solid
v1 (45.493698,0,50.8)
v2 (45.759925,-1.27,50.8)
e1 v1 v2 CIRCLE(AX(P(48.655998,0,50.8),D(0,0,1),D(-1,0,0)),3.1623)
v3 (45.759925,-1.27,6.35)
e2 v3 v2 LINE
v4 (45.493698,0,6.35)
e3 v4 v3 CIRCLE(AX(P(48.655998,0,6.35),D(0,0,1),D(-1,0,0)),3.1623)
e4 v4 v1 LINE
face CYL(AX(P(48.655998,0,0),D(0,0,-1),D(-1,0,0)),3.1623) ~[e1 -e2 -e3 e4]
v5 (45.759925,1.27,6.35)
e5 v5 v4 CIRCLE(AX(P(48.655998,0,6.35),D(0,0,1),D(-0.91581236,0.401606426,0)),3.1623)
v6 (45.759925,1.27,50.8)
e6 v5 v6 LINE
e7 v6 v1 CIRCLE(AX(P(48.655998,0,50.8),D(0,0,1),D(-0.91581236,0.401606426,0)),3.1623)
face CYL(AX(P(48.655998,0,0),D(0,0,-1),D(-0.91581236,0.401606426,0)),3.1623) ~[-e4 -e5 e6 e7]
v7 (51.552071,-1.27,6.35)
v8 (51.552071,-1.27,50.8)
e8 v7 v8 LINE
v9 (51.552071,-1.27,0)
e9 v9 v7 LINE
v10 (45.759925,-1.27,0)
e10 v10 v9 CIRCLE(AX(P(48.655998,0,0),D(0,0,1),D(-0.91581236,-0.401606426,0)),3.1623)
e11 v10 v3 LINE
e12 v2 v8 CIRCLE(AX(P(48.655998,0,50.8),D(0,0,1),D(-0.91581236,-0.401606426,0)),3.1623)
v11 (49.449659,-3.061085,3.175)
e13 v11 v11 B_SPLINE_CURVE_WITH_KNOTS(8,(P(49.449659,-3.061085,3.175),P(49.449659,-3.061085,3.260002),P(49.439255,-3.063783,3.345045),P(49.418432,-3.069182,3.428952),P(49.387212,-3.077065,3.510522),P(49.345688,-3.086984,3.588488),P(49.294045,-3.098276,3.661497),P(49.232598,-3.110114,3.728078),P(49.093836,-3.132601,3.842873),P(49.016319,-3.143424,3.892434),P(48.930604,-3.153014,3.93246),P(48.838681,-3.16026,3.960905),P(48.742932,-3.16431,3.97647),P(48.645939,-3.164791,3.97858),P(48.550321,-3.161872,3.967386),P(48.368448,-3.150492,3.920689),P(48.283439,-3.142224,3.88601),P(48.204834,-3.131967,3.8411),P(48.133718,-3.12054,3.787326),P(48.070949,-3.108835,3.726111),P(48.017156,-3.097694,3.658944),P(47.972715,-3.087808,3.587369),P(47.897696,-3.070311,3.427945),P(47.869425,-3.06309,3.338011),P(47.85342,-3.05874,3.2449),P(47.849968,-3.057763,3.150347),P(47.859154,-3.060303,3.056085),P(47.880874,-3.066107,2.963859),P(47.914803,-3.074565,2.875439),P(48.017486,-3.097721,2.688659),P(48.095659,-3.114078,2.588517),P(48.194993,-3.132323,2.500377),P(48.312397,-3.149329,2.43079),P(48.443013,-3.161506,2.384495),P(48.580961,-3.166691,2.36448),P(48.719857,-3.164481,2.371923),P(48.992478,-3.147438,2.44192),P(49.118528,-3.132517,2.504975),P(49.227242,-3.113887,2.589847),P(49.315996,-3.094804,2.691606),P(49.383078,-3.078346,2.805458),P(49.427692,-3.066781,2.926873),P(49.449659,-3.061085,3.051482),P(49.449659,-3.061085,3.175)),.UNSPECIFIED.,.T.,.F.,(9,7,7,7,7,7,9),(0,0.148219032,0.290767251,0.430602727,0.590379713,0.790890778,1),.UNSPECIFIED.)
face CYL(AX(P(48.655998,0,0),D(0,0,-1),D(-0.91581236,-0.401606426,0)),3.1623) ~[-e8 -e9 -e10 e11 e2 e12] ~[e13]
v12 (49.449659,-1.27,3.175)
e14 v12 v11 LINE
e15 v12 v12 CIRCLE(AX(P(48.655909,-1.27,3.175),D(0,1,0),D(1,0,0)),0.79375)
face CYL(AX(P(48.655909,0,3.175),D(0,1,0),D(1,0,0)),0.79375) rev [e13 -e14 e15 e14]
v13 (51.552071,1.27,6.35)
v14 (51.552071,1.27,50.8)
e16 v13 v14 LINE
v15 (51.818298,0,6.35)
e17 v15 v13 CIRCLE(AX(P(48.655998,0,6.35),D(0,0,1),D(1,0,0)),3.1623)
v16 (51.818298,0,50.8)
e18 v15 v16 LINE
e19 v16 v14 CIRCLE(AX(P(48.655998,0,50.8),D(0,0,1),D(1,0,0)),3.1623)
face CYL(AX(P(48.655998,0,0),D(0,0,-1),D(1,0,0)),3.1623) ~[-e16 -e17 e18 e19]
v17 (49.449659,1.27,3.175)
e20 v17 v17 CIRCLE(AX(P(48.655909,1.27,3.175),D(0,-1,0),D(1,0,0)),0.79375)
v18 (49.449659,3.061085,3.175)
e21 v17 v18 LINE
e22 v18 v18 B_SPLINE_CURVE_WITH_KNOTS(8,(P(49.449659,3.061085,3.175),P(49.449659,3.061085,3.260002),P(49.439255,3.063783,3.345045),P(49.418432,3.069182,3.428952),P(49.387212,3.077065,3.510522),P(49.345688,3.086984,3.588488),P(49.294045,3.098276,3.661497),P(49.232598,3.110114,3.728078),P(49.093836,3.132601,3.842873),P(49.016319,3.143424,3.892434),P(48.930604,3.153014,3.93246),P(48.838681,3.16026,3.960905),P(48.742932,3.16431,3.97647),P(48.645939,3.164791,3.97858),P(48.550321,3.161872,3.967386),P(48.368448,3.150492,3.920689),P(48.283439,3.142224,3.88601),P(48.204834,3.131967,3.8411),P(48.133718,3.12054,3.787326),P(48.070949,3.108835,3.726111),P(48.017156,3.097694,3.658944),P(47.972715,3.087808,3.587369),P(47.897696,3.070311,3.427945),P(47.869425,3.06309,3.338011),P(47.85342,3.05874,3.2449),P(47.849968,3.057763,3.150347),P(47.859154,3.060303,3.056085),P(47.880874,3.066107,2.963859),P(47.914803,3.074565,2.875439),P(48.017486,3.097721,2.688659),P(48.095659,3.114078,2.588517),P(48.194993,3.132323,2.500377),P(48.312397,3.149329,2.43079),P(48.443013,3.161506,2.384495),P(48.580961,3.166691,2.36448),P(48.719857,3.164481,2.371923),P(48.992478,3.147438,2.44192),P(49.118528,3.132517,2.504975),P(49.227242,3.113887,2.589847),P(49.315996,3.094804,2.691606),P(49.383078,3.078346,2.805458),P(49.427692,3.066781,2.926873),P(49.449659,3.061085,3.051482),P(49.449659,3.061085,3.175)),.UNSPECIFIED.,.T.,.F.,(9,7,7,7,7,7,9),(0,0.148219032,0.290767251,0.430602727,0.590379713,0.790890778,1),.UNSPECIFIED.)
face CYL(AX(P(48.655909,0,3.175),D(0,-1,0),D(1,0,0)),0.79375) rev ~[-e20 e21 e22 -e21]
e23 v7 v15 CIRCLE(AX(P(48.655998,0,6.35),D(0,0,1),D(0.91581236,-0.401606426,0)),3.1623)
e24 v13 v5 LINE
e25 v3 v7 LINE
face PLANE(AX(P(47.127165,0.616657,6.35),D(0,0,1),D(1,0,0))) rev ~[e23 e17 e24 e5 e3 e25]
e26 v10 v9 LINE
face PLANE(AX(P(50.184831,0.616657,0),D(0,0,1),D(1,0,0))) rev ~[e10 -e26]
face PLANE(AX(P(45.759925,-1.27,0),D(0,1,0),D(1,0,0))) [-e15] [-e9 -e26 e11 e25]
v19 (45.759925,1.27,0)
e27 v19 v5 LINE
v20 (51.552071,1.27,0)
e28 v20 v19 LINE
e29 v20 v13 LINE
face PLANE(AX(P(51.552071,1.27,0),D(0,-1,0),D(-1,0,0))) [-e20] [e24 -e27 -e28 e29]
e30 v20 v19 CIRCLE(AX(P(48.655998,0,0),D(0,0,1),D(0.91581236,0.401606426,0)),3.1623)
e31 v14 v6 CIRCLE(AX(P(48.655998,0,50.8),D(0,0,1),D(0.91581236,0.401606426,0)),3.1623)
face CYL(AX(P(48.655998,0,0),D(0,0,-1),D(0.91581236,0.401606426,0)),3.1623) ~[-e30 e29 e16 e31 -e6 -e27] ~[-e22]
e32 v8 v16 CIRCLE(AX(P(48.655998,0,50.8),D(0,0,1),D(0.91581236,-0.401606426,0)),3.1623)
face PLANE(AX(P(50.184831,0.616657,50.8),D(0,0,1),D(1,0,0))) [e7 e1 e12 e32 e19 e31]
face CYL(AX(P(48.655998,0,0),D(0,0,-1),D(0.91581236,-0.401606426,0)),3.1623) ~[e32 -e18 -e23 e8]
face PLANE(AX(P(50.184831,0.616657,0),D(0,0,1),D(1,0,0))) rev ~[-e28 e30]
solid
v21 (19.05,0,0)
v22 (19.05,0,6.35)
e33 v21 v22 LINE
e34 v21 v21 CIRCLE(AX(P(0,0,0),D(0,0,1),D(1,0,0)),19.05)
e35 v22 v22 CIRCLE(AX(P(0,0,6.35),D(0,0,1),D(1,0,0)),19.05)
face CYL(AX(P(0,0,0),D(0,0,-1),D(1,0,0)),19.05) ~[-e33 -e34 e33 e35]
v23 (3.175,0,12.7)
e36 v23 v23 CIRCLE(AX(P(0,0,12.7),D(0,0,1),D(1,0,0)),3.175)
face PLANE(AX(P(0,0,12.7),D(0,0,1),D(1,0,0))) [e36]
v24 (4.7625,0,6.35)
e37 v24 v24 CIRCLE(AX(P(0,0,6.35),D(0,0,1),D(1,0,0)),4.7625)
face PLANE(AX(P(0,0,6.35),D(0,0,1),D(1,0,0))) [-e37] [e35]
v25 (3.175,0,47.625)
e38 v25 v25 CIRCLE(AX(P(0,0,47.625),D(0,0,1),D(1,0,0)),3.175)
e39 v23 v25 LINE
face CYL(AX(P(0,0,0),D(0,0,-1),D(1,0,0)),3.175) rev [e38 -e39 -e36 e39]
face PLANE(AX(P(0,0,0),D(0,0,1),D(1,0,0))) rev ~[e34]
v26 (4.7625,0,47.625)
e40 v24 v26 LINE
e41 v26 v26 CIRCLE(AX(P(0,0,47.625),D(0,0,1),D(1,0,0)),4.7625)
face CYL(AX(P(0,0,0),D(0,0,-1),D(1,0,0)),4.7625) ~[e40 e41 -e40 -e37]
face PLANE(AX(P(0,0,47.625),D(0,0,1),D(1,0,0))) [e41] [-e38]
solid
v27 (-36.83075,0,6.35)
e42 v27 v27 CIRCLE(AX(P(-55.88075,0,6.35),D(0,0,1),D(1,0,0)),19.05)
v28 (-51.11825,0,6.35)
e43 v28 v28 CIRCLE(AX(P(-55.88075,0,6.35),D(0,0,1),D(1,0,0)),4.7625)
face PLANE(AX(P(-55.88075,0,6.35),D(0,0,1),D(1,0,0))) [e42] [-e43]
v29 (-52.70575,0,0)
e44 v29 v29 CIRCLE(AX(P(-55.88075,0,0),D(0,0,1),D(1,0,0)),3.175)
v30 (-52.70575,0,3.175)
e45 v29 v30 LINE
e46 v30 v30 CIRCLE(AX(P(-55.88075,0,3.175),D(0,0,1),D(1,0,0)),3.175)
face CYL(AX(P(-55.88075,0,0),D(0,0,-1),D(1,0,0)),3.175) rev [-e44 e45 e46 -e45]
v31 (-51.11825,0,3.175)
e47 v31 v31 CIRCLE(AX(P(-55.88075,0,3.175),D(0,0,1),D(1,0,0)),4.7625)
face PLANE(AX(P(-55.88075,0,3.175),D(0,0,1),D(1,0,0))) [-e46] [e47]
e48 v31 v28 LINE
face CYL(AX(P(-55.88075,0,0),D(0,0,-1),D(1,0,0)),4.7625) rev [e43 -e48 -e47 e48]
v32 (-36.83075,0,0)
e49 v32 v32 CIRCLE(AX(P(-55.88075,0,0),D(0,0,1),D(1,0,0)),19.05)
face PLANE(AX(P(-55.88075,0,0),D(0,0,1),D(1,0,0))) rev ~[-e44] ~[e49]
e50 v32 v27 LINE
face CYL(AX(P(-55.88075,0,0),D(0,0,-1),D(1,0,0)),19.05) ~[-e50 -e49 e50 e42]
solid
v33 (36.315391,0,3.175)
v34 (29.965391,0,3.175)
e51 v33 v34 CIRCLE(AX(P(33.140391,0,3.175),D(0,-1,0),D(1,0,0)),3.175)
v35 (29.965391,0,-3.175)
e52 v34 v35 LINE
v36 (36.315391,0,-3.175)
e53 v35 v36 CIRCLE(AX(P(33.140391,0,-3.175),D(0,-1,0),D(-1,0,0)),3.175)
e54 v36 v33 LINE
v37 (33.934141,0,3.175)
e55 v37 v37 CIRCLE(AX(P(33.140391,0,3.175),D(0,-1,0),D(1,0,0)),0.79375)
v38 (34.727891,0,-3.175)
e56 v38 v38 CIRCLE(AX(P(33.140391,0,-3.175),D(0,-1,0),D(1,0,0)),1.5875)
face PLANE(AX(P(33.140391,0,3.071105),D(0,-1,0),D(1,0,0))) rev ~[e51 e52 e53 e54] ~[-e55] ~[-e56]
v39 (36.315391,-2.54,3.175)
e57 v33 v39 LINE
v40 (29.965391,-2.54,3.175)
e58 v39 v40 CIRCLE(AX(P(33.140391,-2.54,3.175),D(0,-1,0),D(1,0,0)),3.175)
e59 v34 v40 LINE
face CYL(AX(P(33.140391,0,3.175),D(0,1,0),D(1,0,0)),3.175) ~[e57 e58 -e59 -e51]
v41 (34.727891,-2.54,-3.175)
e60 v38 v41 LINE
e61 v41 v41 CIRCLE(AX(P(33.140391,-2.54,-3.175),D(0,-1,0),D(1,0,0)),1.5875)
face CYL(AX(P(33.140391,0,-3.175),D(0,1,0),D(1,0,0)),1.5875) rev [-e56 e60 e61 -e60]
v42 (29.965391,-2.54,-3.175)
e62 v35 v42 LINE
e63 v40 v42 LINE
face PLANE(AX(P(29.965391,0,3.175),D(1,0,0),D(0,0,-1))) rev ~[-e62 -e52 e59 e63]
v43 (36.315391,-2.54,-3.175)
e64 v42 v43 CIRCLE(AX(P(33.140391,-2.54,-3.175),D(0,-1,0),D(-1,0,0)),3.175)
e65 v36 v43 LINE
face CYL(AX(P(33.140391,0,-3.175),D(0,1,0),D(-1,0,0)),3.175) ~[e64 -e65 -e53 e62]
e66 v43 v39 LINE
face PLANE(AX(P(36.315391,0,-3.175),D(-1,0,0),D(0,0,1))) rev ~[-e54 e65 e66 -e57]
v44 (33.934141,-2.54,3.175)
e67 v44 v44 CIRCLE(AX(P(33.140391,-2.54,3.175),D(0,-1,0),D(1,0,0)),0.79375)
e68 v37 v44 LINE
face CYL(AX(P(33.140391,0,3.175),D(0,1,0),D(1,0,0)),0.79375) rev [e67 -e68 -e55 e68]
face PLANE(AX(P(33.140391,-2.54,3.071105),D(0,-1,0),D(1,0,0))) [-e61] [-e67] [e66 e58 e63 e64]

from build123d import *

# Parameters (mm, degrees)
F0_R           = 19.05
F0_R_2         = 4.7625
F1_DEPTH       = 6.35
F0_R_3         = 3.175
F2_DEPTH       = 12.7
F3_DEPTH       = 47.625
F4_R           = 19.05
F4_R_2         = 4.7625
F5_DEPTH       = 6.35
F4_R_3         = 3.175
F6_DEPTH       = 3.175
F8_DEPTH       = 50.8
F9_DEPTH       = 6.35
F10_R          = 0.79375
F11_DEPTH      = 3.175
F11_DEPTH_BACK = 3.175
F12_R          = 0.79375
F12_R_2        = 1.5875
F13_DEPTH      = 2.54


with BuildPart() as f1:
    # F0 (on Top) → F1 (new body)
    with BuildSketch(Plane.XY):
        Circle(F0_R)
        Circle(F0_R_2, mode=Mode.SUBTRACT)
    extrude(amount=F1_DEPTH)



with BuildPart() as f2:
    # F0 (on Top) → F2 (new body)
    with BuildSketch(Plane.XY):
        Circle(F0_R_3)
    extrude(amount=F2_DEPTH)


with BuildPart() as f1_1:
    add(f1.part)

    add(f2.part)  # F3 merges F2
    # F0 (on Top) → F3 (join)
    with BuildSketch(Plane.XY):
        Circle(F0_R_2)
        Circle(F0_R_3, mode=Mode.SUBTRACT)
    extrude(amount=F3_DEPTH)


with BuildPart() as f5:
    # F4 (on Top) → F5 (new body)
    with BuildSketch(Plane.XY):
        with Locations((-55.8807500322, 0)):
            Circle(F4_R)
        with Locations((-55.8807500322, 0)):
            Circle(F4_R_2, mode=Mode.SUBTRACT)
    extrude(amount=F5_DEPTH)

    # F4 (on Top) → F6 (join)
    with BuildSketch(Plane.XY):
        with Locations((-55.8807500322, 0)):
            Circle(F4_R_2)
        with Locations((-55.8807500322, 0)):
            Circle(F4_R_3, mode=Mode.SUBTRACT)
    extrude(amount=F6_DEPTH)


with BuildPart() as f8:
    # F7 (on Top) → F8 (new body)
    with BuildSketch(Plane.XY):
        with BuildLine():
            Line((48.6559979618, 0), (51.8182979618, 0))
            ThreePointArc((51.8182979618, 0), (51.7510257715, 0.6488020863), (51.552071388, 1.27))
            Line((51.552071388, 1.27), (48.6559979618, 1.27))
            Line((48.6559979618, 1.27), (48.6559979618, 0))
        make_face()
        with BuildLine():
            ThreePointArc((51.552071388, -1.27), (51.7510257715, -0.6488020863), (51.8182979618, 0))
            Line((51.8182979618, 0), (48.6559979618, 0))
            Line((48.6559979618, 0), (48.6559979618, -1.27))
            Line((48.6559979618, -1.27), (51.552071388, -1.27))
        make_face()
        with BuildLine():
            Line((48.6559979618, 1.27), (51.552071388, 1.27))
            ThreePointArc((51.552071388, 1.27), (48.6559979618, 3.1623), (45.7599245355, 1.27))
            Line((45.7599245355, 1.27), (48.6559979618, 1.27))
        make_face()
        with BuildLine():
            ThreePointArc((45.7599245355, -1.27), (48.6559979618, -3.1623), (51.552071388, -1.27))
            Line((51.552071388, -1.27), (48.6559979618, -1.27))
            Line((48.6559979618, -1.27), (45.7599245355, -1.27))
        make_face()
        with BuildLine():
            Line((48.6559979618, -1.27), (48.6559979618, 0))
            Line((48.6559979618, 0), (45.4936979618, 0))
            ThreePointArc((45.4936979618, 0), (45.5609701521, -0.6488020863), (45.7599245355, -1.27))
            Line((45.7599245355, -1.27), (48.6559979618, -1.27))
        make_face()
        with BuildLine():
            Line((45.4936979618, 0), (48.6559979618, 0))
            Line((48.6559979618, 0), (48.6559979618, 1.27))
            Line((48.6559979618, 1.27), (45.7599245355, 1.27))
            ThreePointArc((45.7599245355, 1.27), (45.5609701521, 0.6488020863), (45.4936979618, 0))
        make_face()
    extrude(amount=F8_DEPTH)

    # F7 (on Top) → F9 (cut)
    with BuildSketch(Plane.XY):
        with BuildLine():
            Line((45.4936979618, 0), (48.6559979618, 0))
            Line((48.6559979618, 0), (48.6559979618, 1.27))
            Line((48.6559979618, 1.27), (45.7599245355, 1.27))
            ThreePointArc((45.7599245355, 1.27), (45.5609701521, 0.6488020863), (45.4936979618, 0))
        make_face()
        with BuildLine():
            Line((48.6559979618, 0), (51.8182979618, 0))
            ThreePointArc((51.8182979618, 0), (51.7510257715, 0.6488020863), (51.552071388, 1.27))
            Line((51.552071388, 1.27), (48.6559979618, 1.27))
            Line((48.6559979618, 1.27), (48.6559979618, 0))
        make_face()
        with BuildLine():
            Line((48.6559979618, -1.27), (48.6559979618, 0))
            Line((48.6559979618, 0), (45.4936979618, 0))
            ThreePointArc((45.4936979618, 0), (45.5609701521, -0.6488020863), (45.7599245355, -1.27))
            Line((45.7599245355, -1.27), (48.6559979618, -1.27))
        make_face()
        with BuildLine():
            ThreePointArc((51.552071388, -1.27), (51.7510257715, -0.6488020863), (51.8182979618, 0))
            Line((51.8182979618, 0), (48.6559979618, 0))
            Line((48.6559979618, 0), (48.6559979618, -1.27))
            Line((48.6559979618, -1.27), (51.552071388, -1.27))
        make_face()
    extrude(amount=F9_DEPTH, mode=Mode.SUBTRACT)

    # F10 (on Front) → F11 (cut, two sides)
    with BuildSketch(Plane.XZ) as f11_sk:
        with Locations((48.6559085548, 3.175)):
            Circle(F10_R)
    extrude(amount=-F11_DEPTH, mode=Mode.SUBTRACT)
    extrude(f11_sk.sketch, amount=F11_DEPTH_BACK, mode=Mode.SUBTRACT)


with BuildPart() as f13:
    # F12 (on Front) → F13 (new body)
    with BuildSketch(Plane.XZ):
        with BuildLine():
            ThreePointArc((33.1403914758, 0), (35.3854555061, 0.9299359697), (36.3153914758, 3.175))
            ThreePointArc((36.3153914758, 3.175), (33.1403914758, 6.35), (29.9653914758, 3.175))
            ThreePointArc((29.9653914758, 3.175), (30.8953274456, 0.9299359697), (33.1403914758, 0))
        make_face()
        with Locations((33.1403914758, 3.175)):
            Circle(F12_R, mode=Mode.SUBTRACT)
        with BuildLine():
            Line((36.3153914758, -3.175), (36.3153914758, 3.175))
            ThreePointArc((36.3153914758, 3.175), (35.3854555061, 0.9299359697), (33.1403914758, 0))
            ThreePointArc((33.1403914758, 0), (35.3854555061, -0.9299359697), (36.3153914758, -3.175))
        make_face()
        with BuildLine():
            ThreePointArc((33.1403914758, 0), (30.8953274456, 0.9299359697), (29.9653914758, 3.175))
            Line((29.9653914758, 3.175), (29.9653914758, -3.175))
            ThreePointArc((29.9653914758, -3.175), (30.8953274456, -0.9299359697), (33.1403914758, 0))
        make_face()
        with BuildLine():
            ThreePointArc((36.3153914758, -3.175), (35.3854555061, -0.9299359697), (33.1403914758, 0))
            ThreePointArc((33.1403914758, 0), (30.8953274456, -0.9299359697), (29.9653914758, -3.175))
            ThreePointArc((29.9653914758, -3.175), (33.1403914758, -6.35), (36.3153914758, -3.175))
        make_face()
        with Locations((33.1403914758, -3.175)):
            Circle(F12_R_2, mode=Mode.SUBTRACT)
    extrude(amount=F13_DEPTH)


solid = Compound([f1_1.part, f5.part, f8.part, f13.part])
